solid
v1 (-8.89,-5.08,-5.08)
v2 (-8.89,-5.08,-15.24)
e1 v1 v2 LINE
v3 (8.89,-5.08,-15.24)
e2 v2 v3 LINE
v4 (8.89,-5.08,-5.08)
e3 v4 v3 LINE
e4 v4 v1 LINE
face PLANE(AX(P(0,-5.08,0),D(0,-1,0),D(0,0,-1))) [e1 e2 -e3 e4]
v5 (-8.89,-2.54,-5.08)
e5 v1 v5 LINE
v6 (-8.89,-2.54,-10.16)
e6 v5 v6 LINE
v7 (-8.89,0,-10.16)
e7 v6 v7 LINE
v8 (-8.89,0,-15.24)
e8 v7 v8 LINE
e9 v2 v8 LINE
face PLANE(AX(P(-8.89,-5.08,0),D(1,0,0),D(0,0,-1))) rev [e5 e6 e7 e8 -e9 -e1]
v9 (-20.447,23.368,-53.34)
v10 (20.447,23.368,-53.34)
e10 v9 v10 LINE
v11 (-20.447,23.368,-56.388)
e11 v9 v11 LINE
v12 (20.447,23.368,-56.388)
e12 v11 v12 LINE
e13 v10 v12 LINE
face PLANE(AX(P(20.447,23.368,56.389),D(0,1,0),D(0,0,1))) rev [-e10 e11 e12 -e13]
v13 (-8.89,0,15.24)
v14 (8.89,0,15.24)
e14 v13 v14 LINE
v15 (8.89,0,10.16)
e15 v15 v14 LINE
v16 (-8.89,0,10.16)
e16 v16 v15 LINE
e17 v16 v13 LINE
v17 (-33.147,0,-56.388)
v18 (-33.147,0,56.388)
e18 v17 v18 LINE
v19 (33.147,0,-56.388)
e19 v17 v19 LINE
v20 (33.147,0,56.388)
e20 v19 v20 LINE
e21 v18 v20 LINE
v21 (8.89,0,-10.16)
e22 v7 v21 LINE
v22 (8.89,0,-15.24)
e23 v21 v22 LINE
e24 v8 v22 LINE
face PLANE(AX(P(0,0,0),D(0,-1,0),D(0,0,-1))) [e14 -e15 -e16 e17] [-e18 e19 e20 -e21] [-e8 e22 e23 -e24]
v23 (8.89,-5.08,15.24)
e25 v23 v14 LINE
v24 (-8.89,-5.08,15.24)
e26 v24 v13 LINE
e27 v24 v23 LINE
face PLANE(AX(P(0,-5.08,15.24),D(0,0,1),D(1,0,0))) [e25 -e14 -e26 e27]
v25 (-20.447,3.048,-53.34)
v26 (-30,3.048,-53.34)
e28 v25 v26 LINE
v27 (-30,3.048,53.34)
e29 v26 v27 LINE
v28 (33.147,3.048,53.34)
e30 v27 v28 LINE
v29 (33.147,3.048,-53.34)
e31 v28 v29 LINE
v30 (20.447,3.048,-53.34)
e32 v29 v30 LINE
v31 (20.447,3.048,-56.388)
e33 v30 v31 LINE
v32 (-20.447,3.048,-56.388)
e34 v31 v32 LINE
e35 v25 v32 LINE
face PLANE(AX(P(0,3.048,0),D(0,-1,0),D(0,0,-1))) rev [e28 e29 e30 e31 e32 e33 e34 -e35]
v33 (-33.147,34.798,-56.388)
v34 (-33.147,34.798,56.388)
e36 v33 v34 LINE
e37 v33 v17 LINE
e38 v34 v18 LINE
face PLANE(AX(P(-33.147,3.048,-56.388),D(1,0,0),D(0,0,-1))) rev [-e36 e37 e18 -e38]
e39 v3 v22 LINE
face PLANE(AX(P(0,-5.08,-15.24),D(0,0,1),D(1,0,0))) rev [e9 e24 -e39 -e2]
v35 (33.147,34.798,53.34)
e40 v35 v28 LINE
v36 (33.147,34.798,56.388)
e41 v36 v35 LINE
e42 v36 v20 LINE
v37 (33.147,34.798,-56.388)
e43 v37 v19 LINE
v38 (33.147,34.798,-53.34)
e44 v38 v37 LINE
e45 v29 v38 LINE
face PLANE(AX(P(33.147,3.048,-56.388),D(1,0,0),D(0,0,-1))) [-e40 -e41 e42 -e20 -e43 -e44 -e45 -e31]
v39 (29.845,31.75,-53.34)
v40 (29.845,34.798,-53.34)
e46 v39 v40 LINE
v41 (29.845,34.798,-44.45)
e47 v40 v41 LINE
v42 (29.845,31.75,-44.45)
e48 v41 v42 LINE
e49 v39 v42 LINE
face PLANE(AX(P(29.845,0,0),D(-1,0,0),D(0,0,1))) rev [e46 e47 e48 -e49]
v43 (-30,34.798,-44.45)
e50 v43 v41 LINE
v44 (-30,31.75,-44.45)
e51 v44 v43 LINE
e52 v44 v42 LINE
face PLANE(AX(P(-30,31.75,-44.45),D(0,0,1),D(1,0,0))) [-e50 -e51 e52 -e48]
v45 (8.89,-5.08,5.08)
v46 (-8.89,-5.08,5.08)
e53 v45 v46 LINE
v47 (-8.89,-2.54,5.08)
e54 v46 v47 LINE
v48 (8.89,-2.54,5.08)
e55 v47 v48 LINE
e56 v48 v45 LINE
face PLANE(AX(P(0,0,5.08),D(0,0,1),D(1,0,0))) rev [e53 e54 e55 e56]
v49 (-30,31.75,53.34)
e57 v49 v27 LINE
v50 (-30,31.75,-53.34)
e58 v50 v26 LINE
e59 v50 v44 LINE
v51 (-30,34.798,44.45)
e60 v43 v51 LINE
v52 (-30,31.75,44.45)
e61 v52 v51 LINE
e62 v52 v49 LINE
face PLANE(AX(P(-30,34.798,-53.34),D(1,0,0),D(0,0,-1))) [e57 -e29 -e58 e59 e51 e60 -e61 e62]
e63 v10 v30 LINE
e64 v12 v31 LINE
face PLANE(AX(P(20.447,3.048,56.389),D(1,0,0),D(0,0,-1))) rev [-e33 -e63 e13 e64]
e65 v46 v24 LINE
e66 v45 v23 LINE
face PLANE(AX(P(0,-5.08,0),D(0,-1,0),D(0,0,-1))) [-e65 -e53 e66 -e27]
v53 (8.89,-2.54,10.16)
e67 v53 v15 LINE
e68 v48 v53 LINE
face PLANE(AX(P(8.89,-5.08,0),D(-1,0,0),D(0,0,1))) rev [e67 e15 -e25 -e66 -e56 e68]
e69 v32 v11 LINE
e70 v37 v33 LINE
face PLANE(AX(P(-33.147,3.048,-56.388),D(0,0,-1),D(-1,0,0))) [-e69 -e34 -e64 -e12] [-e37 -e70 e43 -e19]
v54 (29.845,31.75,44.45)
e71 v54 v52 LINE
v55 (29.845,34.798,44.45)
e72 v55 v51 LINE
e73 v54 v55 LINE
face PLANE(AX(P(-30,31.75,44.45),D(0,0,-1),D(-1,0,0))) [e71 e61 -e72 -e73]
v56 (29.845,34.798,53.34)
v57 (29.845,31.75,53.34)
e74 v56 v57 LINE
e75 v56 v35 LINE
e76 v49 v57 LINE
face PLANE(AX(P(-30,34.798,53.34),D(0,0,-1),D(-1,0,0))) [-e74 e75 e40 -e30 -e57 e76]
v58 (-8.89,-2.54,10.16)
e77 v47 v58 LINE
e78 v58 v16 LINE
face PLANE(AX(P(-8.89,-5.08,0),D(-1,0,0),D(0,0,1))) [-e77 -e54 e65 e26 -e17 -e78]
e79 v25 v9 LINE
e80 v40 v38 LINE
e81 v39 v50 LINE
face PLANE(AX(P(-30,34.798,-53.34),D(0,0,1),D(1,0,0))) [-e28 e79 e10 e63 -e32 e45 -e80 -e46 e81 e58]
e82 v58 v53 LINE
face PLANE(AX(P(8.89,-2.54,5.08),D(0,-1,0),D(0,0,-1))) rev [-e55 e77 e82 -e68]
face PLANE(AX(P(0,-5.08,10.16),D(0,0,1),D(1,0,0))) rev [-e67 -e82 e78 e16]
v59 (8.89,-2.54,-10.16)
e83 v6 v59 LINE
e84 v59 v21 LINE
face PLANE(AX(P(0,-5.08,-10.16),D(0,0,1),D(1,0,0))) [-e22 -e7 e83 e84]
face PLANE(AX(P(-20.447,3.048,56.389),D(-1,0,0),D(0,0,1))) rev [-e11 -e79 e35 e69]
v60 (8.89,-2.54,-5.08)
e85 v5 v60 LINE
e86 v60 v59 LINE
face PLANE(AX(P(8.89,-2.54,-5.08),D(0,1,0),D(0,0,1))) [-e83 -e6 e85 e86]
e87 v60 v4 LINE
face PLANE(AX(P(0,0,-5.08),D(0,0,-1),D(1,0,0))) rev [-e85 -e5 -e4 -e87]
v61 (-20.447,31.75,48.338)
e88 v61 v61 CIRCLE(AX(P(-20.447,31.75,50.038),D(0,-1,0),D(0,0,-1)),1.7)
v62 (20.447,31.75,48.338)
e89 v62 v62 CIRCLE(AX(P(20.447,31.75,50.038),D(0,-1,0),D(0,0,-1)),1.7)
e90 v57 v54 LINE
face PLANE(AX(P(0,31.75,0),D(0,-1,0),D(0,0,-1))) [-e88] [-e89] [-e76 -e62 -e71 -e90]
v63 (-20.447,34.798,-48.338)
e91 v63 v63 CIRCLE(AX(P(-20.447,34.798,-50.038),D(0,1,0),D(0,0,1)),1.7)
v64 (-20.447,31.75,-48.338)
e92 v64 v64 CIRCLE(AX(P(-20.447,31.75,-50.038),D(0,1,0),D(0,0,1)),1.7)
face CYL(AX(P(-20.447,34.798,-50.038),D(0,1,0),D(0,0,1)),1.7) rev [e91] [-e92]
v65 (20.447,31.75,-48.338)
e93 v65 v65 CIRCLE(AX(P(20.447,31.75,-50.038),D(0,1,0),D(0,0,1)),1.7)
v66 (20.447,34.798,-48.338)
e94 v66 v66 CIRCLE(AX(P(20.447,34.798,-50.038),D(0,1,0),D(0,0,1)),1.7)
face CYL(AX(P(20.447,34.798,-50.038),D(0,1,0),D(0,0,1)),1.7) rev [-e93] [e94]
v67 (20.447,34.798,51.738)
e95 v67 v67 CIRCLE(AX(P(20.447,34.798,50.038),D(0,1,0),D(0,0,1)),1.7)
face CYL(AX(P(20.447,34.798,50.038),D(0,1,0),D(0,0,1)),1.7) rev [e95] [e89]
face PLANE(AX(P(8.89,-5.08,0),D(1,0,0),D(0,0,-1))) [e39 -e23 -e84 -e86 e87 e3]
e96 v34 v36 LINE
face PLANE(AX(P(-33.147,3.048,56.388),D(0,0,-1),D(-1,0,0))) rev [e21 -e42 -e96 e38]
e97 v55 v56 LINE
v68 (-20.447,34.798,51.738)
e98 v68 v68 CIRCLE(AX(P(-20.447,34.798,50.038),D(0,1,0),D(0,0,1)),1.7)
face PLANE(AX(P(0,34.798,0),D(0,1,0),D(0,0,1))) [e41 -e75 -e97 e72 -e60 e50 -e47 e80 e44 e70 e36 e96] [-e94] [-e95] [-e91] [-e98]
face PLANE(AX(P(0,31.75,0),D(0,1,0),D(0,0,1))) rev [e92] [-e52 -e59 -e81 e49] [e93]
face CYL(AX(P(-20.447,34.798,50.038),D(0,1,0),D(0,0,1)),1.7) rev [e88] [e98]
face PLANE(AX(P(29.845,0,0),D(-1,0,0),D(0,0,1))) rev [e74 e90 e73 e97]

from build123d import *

# Parameters (mm, degrees)
SKETCH1_W                = 66.294
SKETCH1_H                = 112.776
BOSS_EXTRUDE1_DEPTH      = 3.048
SKETCH2_W                = 66.294
SKETCH2_H                = 112.776
SKETCH2_W_2              = 60
SKETCH2_H_2              = 106.68
BOSS_EXTRUDE2_DEPTH      = 31.75
SKETCH3_W                = 60
SKETCH3_H                = 8.89
BOSS_EXTRUDE3_DEPTH      = 3.048
SKETCH6_W                = 106.68
SKETCH6_H                = 31.75
CUT_EXTRUDE1_DEPTH       = 3.302
M3_CLEARANCE_HOLE1_D     = 3.4
M3_CLEARANCE_HOLE1_DEPTH = 3.048
CUT_EXTRUDE4_REACH       = 124.589
SKETCH12_W               = 40.894
SKETCH12_H               = 20.32
SKETCH13_W               = 17.78
SKETCH13_H               = 5.08
BOSS_EXTRUDE4_DEPTH      = 5.08
SKETCH14_W               = 17.78
SKETCH14_H               = 2.54
BOSS_EXTRUDE6_DEPTH      = 5.08


with BuildPart() as part:
    # Sketch1 → Boss-Extrude1 (new body)
    with BuildSketch(Plane(origin=(0, 0, 0), x_dir=(1, 0, 0), z_dir=(0, 1, 0))):
        Rectangle(SKETCH1_W, SKETCH1_H)
    extrude(amount=BOSS_EXTRUDE1_DEPTH)

    # Sketch2 → Boss-Extrude2 (add)
    with BuildSketch(Plane(origin=(0, 3.048, 0), x_dir=(1, 0, 0), z_dir=(0, 1, 0))):
        Rectangle(SKETCH2_W, SKETCH2_H)
        Rectangle(SKETCH2_W_2, SKETCH2_H_2, mode=Mode.SUBTRACT)
    extrude(amount=BOSS_EXTRUDE2_DEPTH)

    # Sketch3 → Boss-Extrude3 (add)
    with BuildSketch(Plane(origin=(0, 34.798, 0), x_dir=(1, 0, 0), z_dir=(0, 1, 0))):
        with Locations((0, 48.895)):
            Rectangle(SKETCH3_W, SKETCH3_H)
        with Locations((0, -48.895)):
            Rectangle(SKETCH3_W, SKETCH3_H)
    extrude(amount=-BOSS_EXTRUDE3_DEPTH)

    # Sketch6 → Cut-Extrude1 (cut)
    with BuildSketch(Plane(origin=(33.147, 0, 0), x_dir=(0, 0, -1), z_dir=(1, 0, 0))):
        with Locations((0, 18.923)):
            Rectangle(SKETCH6_W, SKETCH6_H)
    extrude(amount=-CUT_EXTRUDE1_DEPTH, mode=Mode.SUBTRACT)

    # M3 Clearance Hole1
    with Locations(Plane(origin=(-20.447, 34.798, -50.038), x_dir=(0, 0, 1), z_dir=(0, 1, 0))):
        with Locations((0, 0), (0, 40.894), (100.076, 0), (100.076, 40.894)):
            Hole(M3_CLEARANCE_HOLE1_D / 2, depth=M3_CLEARANCE_HOLE1_DEPTH)

    # Sketch12 → Cut-Extrude4 (cut, up to next)
    with BuildSketch(Plane(origin=(0, 0, -56.388), x_dir=(-1, 0, 0), z_dir=(0, 0, -1)), mode=Mode.PRIVATE) as cut_extrude4_sk1:
        with Locations((0, 13.208)):
            Rectangle(SKETCH12_W, SKETCH12_H)
    cut_extrude4_tool1 = extrude(cut_extrude4_sk1.sketch, amount=-CUT_EXTRUDE4_REACH, mode=Mode.PRIVATE) & part.part
    add(cut_extrude4_tool1.solids().sort_by_distance((0, 13.208, -56.388))[0], mode=Mode.SUBTRACT)

    # Sketch13 → Boss-Extrude4 (add)
    with BuildSketch(Plane.XZ):
        with Locations((0, 12.7)):
            Rectangle(SKETCH13_W, SKETCH13_H)
        with Locations((0, -12.7)):
            Rectangle(SKETCH13_W, SKETCH13_H)
    extrude(amount=BOSS_EXTRUDE4_DEPTH)

    # Sketch14 → Boss-Extrude6 (add)
    with BuildSketch(Plane(origin=(0, 0, 10.16), x_dir=(-1, 0, 0), z_dir=(0, 0, -1))):
        with Locations((0, -3.81)):
            Rectangle(SKETCH14_W, SKETCH14_H)
    boss_extrude6 = extrude(amount=BOSS_EXTRUDE6_DEPTH)

    # Mirror2: Boss-Extrude6 across plane
    add(boss_extrude6.mirror(Plane(origin=(0, 0, 0), x_dir=(1, 0, 0), z_dir=(0, 0, -1))))


solid = part.part
